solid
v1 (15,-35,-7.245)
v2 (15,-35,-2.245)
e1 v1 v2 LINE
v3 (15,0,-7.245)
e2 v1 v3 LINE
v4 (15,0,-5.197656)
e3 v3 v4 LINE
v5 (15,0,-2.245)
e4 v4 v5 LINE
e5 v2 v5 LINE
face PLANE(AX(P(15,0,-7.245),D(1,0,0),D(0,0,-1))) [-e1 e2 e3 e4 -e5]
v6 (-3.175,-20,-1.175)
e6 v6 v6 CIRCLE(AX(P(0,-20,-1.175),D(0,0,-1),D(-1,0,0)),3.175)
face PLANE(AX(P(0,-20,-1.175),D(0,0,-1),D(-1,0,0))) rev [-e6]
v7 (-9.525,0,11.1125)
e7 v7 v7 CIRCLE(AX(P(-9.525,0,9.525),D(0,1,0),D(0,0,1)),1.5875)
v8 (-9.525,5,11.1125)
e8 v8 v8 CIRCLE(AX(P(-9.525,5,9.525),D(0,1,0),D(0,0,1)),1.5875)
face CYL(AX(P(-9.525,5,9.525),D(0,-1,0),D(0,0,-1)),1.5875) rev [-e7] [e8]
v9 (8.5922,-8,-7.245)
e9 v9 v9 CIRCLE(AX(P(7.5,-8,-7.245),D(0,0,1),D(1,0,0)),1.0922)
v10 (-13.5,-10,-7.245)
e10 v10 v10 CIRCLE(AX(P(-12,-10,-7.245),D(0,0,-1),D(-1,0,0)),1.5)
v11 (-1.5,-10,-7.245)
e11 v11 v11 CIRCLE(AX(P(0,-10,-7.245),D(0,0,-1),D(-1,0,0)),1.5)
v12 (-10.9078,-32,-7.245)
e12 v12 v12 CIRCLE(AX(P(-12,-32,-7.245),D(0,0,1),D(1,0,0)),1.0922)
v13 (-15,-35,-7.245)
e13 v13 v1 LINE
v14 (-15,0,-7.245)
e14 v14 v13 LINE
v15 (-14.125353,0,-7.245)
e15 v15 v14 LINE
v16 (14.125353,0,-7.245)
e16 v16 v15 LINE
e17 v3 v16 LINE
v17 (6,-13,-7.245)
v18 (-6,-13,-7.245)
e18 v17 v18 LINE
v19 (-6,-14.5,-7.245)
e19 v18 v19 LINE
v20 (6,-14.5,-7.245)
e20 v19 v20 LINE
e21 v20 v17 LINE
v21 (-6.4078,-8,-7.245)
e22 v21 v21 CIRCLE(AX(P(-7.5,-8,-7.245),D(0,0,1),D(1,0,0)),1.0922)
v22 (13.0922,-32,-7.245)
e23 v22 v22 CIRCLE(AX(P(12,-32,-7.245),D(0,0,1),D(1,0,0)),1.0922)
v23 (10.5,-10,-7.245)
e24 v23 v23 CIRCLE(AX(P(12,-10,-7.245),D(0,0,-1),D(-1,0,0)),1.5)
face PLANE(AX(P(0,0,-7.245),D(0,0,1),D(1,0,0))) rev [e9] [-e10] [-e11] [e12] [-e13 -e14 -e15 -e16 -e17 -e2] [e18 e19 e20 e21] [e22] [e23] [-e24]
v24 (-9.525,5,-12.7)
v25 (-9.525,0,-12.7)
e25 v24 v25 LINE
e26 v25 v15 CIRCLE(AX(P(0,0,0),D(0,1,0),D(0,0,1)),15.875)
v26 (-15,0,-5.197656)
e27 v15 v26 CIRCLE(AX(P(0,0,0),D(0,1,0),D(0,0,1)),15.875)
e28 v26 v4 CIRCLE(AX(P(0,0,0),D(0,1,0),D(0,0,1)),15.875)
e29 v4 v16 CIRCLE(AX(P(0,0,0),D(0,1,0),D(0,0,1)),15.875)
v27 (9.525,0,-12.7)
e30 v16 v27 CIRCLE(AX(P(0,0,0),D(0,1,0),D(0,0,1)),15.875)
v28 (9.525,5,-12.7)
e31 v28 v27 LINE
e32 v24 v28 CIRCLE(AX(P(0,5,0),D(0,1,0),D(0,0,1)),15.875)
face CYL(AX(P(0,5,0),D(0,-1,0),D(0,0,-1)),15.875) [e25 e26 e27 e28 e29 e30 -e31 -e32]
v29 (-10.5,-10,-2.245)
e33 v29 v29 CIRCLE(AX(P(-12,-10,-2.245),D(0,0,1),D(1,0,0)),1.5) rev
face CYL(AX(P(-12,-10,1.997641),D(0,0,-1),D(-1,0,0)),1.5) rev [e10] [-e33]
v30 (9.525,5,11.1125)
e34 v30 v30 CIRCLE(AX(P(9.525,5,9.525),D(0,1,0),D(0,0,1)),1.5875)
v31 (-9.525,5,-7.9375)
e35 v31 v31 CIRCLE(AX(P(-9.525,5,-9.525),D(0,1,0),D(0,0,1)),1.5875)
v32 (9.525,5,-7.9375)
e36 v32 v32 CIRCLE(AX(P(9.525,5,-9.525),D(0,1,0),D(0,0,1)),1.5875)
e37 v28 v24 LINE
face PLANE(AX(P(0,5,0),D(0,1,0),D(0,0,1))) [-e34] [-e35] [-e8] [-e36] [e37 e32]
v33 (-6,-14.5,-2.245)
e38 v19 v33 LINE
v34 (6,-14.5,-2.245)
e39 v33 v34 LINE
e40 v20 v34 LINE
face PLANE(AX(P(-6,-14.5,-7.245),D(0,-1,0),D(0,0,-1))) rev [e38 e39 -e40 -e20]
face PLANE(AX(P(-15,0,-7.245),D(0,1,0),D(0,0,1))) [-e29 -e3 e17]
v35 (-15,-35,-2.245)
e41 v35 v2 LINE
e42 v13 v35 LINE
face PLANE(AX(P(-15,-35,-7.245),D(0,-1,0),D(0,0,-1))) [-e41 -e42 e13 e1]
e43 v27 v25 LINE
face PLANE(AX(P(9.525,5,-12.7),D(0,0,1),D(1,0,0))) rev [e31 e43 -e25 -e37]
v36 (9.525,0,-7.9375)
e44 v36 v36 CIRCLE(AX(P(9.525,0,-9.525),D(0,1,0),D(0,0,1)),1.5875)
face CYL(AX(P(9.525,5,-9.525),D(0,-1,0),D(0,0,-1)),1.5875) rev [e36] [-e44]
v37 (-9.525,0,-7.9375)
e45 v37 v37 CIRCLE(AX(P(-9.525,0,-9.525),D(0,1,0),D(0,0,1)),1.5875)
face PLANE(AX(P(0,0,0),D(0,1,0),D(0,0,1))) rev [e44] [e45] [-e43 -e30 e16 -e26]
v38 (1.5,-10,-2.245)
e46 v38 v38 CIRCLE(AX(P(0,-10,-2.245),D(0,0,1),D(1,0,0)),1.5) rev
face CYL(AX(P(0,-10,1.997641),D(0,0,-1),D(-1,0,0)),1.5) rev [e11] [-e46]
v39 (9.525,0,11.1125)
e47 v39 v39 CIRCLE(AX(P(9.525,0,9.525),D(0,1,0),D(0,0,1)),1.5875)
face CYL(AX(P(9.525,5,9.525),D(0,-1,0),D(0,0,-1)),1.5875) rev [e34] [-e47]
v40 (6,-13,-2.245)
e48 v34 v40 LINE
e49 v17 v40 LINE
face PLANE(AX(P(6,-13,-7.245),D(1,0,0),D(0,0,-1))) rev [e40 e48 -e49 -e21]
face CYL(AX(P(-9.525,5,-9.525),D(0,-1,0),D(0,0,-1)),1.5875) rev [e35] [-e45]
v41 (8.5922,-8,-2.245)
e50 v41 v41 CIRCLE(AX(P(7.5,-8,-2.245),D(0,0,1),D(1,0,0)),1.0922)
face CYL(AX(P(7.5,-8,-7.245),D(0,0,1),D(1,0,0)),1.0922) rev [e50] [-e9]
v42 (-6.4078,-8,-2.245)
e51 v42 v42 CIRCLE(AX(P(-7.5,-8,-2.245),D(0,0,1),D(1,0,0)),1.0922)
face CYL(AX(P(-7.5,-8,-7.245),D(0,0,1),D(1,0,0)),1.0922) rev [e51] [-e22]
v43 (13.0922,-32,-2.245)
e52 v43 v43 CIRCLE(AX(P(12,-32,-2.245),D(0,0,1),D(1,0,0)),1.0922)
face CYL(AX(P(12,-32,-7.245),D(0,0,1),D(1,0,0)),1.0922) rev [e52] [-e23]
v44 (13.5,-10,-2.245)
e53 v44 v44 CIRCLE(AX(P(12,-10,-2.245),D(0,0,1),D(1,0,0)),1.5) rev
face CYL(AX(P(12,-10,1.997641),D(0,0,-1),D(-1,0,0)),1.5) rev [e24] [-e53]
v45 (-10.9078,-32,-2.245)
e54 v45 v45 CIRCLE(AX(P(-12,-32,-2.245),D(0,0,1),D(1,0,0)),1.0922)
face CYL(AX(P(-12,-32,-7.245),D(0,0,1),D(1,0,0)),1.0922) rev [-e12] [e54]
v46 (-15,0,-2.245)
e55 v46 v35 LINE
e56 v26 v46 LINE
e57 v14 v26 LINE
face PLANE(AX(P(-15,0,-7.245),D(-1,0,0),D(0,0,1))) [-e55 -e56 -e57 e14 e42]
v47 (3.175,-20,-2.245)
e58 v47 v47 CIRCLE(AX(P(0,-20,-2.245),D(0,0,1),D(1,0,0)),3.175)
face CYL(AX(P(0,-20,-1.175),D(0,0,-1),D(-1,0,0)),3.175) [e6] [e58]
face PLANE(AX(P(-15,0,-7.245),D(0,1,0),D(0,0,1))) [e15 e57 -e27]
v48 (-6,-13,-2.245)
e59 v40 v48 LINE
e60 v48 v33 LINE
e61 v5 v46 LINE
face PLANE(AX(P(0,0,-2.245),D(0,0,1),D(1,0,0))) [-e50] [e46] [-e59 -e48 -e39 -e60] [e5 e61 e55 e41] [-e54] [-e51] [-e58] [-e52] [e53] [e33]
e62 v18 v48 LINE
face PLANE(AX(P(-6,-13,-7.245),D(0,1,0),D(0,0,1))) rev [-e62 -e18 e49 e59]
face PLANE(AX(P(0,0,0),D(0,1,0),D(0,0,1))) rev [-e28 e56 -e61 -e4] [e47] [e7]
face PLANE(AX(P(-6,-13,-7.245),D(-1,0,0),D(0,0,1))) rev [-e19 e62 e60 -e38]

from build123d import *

# Parameters (mm, degrees)
SKETCH1_R            = 1.5875
BOSS_EXTRUDE3_DEPTH  = 5
SKETCH2_R            = 1.5875
BOSS_EXTRUDE4_DEPTH  = 5
BOSS_EXTRUDE9_START  = -2.245
SKETCH3_W            = 30
SKETCH3_H            = 35
SKETCH3_R            = 1.0922
SKETCH3_R_2          = 3.175
SKETCH3_W_2          = 12
SKETCH3_H_2          = 1.5
BOSS_EXTRUDE9_DEPTH  = 5
SKETCH11_R           = 3.175
BOSS_EXTRUDE10_DEPTH = 6.07
SKETCH12_R           = 1.5
CUT_EXTRUDE2_DEPTH   = 5


with BuildPart() as part:
    # Sketch1 → Boss-Extrude3 (new body)
    with BuildSketch(Plane(origin=(0, 0, 0), x_dir=(1, 0, 0), z_dir=(0, 1, 0))):
        with BuildLine():
            Line((9.525, 12.7), (-9.525, 12.7))
            ThreePointArc((-9.525, 12.7), (0, -15.875), (9.525, 12.7))
        make_face()
        with Locations((-12.7, 0)):
            Circle(SKETCH1_R, mode=Mode.SUBTRACT)
        with Locations((12.7, 0)):
            Circle(SKETCH1_R, mode=Mode.SUBTRACT)
        with Locations((0, -12.7)):
            Circle(SKETCH1_R, mode=Mode.SUBTRACT)
        with Locations((9.525, 9.525)):
            Circle(SKETCH1_R, mode=Mode.SUBTRACT)
        with Locations((-9.525, 9.525)):
            Circle(SKETCH1_R, mode=Mode.SUBTRACT)
        with Locations((-9.525, -9.525)):
            Circle(SKETCH1_R, mode=Mode.SUBTRACT)
        with Locations((9.525, -9.525)):
            Circle(SKETCH1_R, mode=Mode.SUBTRACT)
    extrude(amount=BOSS_EXTRUDE3_DEPTH)

    # Sketch2 → Boss-Extrude4 (add)
    with BuildSketch(Plane(origin=(0, 0, 0), x_dir=(1, 0, 0), z_dir=(0, 1, 0))):
        with Locations((-12.7, 0)):
            Circle(SKETCH2_R)
        with Locations((0, -12.7)):
            Circle(SKETCH2_R)
        with Locations((12.7, 0)):
            Circle(SKETCH2_R)
    extrude(amount=BOSS_EXTRUDE4_DEPTH)

    # Sketch3 → Boss-Extrude9 (add)
    with BuildSketch(Plane.XY.offset(BOSS_EXTRUDE9_START)):
        with Locations((0, -17.5)):
            Rectangle(SKETCH3_W, SKETCH3_H)
        with Locations((-7.5, -8)):
            Circle(SKETCH3_R, mode=Mode.SUBTRACT)
        with Locations((7.5, -8)):
            Circle(SKETCH3_R, mode=Mode.SUBTRACT)
        with Locations((0, -20)):
            Circle(SKETCH3_R_2, mode=Mode.SUBTRACT)
        with Locations((-12, -32)):
            Circle(SKETCH3_R, mode=Mode.SUBTRACT)
        with Locations((12, -32)):
            Circle(SKETCH3_R, mode=Mode.SUBTRACT)
        with Locations((0, -13.75)):
            Rectangle(SKETCH3_W_2, SKETCH3_H_2, mode=Mode.SUBTRACT)
    extrude(amount=-BOSS_EXTRUDE9_DEPTH)

    # Sketch11 → Boss-Extrude10 (add)
    with BuildSketch(Plane(origin=(0, 0, -7.245), x_dir=(-1, 0, 0), z_dir=(0, 0, -1))):
        with Locations((0, -20)):
            Circle(SKETCH11_R)
    extrude(amount=-BOSS_EXTRUDE10_DEPTH)

    # Sketch12 → Cut-Extrude2 (cut)
    with BuildSketch(Plane(origin=(0, 0, -7.245), x_dir=(-1, 0, 0), z_dir=(0, 0, -1))):
        with Locations((-12, -10)):
            Circle(SKETCH12_R)
        with Locations((0, -10)):
            Circle(SKETCH12_R)
        with Locations((12, -10)):
            Circle(SKETCH12_R)
    extrude(amount=-CUT_EXTRUDE2_DEPTH, mode=Mode.SUBTRACT)


solid = part.part
